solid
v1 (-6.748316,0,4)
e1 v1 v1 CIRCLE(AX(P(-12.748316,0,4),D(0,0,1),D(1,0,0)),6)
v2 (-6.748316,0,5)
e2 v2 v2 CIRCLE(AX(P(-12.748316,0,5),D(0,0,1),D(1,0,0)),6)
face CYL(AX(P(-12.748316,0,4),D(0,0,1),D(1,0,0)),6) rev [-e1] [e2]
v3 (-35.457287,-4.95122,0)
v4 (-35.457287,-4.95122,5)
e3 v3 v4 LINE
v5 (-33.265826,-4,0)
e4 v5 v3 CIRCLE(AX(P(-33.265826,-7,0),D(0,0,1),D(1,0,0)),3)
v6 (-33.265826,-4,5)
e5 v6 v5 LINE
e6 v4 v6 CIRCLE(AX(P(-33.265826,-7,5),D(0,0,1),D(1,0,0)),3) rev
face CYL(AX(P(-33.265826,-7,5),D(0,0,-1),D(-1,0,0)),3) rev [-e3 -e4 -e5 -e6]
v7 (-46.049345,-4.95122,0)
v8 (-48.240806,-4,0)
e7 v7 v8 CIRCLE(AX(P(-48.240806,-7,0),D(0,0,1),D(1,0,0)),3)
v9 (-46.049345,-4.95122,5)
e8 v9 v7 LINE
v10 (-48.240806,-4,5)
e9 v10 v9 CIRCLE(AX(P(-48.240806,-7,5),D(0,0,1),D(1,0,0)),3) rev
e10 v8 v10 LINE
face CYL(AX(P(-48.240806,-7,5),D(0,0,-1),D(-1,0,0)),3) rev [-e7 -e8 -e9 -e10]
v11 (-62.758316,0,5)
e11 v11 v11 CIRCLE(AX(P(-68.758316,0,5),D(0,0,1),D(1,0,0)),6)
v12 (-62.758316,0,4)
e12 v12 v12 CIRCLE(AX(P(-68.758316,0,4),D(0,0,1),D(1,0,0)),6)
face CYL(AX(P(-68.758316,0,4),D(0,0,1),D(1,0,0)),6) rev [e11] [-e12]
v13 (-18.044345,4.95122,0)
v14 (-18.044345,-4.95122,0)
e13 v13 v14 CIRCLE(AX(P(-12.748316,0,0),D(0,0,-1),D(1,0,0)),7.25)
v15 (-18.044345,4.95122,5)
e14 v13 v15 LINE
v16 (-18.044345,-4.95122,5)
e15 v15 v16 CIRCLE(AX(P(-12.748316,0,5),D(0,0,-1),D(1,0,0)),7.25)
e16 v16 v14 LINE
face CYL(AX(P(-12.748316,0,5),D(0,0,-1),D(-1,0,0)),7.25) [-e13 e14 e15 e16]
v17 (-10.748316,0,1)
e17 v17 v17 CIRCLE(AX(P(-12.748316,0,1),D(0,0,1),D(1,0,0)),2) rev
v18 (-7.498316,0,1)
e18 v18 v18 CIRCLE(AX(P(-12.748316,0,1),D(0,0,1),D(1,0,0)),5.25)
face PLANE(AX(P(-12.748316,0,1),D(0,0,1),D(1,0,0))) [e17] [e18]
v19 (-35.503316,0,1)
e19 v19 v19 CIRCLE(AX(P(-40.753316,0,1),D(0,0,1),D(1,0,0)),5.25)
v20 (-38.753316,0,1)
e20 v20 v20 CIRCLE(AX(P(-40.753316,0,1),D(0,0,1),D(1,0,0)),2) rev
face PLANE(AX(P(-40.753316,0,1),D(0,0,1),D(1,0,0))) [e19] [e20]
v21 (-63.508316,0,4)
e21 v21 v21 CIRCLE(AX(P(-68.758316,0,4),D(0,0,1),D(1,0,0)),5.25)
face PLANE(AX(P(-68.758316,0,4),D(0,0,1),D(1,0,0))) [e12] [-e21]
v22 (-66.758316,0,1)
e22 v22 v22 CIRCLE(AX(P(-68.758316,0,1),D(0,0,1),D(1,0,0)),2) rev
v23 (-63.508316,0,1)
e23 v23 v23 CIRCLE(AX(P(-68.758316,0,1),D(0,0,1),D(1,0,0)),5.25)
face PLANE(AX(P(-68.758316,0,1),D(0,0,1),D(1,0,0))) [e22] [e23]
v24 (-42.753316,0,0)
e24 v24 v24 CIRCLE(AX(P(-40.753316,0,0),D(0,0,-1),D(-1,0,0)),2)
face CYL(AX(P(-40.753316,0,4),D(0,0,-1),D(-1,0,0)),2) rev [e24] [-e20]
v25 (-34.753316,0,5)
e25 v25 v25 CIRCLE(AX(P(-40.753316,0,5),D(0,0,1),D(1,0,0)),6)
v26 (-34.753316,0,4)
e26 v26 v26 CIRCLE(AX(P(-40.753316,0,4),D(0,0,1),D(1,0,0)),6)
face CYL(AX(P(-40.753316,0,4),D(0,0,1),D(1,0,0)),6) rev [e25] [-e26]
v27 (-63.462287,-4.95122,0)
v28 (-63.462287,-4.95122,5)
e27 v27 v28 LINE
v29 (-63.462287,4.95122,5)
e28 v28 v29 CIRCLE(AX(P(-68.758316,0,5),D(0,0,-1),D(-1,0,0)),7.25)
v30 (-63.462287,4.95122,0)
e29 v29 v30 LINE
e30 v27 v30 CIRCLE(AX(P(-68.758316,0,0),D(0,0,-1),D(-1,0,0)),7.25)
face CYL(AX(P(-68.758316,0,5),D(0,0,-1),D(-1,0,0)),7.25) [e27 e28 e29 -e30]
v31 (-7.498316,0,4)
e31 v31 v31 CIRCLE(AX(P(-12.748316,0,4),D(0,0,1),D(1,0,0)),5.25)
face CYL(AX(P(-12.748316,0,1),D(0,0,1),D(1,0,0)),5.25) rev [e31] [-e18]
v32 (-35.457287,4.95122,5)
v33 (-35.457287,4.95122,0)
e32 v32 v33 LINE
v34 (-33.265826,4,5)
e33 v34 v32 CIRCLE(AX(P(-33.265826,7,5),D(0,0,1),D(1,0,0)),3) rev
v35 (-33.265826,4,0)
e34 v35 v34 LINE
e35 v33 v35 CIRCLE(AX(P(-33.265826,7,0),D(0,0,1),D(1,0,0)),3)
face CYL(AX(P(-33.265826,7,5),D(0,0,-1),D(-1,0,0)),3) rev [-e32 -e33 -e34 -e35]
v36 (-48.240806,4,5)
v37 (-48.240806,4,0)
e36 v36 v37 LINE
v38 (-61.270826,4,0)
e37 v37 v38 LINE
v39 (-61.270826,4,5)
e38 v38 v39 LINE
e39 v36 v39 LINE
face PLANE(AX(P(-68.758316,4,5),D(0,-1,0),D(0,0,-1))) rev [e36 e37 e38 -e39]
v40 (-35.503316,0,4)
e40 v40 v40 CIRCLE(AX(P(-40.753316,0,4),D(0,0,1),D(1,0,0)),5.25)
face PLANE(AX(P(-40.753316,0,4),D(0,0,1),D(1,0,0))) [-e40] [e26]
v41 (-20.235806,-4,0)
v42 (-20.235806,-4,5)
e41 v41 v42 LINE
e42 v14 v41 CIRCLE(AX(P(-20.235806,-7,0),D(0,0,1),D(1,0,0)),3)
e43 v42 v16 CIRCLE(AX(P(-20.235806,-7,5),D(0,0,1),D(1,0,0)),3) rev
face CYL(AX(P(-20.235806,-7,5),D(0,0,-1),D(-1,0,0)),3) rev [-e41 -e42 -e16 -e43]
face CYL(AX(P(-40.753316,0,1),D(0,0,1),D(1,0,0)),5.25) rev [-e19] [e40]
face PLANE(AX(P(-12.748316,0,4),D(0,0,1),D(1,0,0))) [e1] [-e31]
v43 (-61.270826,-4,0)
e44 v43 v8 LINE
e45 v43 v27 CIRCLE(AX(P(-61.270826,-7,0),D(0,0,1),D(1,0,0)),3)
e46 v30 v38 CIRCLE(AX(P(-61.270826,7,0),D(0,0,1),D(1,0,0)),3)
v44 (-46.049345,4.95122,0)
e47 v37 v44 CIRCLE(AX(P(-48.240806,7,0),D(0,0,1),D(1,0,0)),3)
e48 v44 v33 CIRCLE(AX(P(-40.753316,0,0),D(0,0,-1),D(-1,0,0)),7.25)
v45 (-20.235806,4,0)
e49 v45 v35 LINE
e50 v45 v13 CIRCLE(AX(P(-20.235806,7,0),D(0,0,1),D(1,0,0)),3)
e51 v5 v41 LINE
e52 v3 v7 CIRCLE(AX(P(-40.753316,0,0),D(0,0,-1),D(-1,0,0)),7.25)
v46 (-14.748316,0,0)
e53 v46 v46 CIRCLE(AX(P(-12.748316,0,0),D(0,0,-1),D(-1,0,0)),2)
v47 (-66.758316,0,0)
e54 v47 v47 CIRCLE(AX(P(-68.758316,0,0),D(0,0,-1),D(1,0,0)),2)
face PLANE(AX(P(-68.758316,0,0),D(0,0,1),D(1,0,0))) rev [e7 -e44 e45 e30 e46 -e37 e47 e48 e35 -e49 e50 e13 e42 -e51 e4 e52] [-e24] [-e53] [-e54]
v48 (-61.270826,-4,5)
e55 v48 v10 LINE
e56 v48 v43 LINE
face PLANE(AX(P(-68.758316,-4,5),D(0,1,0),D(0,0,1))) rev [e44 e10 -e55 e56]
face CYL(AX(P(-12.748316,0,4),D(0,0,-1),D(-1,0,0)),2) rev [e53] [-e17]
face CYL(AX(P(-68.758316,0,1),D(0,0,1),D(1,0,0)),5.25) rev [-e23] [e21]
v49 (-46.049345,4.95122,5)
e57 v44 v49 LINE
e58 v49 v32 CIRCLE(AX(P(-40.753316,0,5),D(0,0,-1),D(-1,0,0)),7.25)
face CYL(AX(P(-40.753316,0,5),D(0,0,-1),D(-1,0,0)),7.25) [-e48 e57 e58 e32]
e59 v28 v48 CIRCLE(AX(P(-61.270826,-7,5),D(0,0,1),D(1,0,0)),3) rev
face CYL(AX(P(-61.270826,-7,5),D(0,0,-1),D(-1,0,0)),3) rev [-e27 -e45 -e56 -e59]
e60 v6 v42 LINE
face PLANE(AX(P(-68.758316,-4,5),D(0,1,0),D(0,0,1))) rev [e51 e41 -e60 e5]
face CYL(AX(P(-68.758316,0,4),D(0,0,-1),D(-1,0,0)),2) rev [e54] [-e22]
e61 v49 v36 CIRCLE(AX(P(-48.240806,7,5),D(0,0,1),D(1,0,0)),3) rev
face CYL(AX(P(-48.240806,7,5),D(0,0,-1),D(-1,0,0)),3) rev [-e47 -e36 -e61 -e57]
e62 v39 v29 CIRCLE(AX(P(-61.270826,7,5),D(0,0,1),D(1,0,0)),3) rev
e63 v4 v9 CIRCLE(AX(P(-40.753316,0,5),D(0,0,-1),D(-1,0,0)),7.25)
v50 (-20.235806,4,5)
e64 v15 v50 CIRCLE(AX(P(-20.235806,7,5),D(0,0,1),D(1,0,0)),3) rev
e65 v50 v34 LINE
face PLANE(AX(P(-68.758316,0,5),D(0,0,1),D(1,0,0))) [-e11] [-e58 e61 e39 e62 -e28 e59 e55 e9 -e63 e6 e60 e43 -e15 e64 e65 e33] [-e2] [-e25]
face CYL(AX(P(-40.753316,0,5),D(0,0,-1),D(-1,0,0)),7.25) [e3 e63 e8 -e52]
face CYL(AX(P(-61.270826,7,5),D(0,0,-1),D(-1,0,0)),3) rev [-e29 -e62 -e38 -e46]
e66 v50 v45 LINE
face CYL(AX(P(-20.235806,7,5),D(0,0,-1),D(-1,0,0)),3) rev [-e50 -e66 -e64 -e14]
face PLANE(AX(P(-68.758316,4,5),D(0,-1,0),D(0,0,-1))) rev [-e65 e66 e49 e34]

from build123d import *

# Parameters (mm, degrees)
BOSS_EXTRUDE1_DEPTH = 5
SKETCH2_R           = 7.25
BOSS_EXTRUDE2_DEPTH = 5
SKETCH5_R           = 6
CUT_EXTRUDE2_DEPTH  = 1
SKETCH6_R           = 2
CUT_EXTRUDE3_DEPTH  = 4
FILLET1_R           = 3
SKETCH7_R           = 5.25
CUT_EXTRUDE4_DEPTH  = 3


with BuildPart() as part:
    # Sketch1 → Boss-Extrude1 (new body)
    with BuildSketch(Plane.XY):
        with BuildLine():
            Line((-68.758315939, 4), (-12.748315939, 4))
            ThreePointArc((-12.748315939, 4), (-8.748315939, 0), (-12.748315939, -4))
            Line((-12.748315939, -4), (-68.758315939, -4))
            ThreePointArc((-68.758315939, -4), (-72.758315939, 0), (-68.758315939, 4))
        make_face()
    extrude(amount=BOSS_EXTRUDE1_DEPTH)

    # Sketch2 → Boss-Extrude2 (add)
    with BuildSketch(Plane(origin=(0, 0, 0), x_dir=(-1, 0, 0), z_dir=(0, 0, -1))):
        with Locations((40.753315939, 0)):
            Circle(SKETCH2_R)
        with Locations((68.758315939, 0)):
            Circle(SKETCH2_R)
        with Locations((12.748315939, 0)):
            Circle(SKETCH2_R)
    extrude(amount=-BOSS_EXTRUDE2_DEPTH)

    # Sketch5 → Cut-Extrude2 (cut)
    with BuildSketch(Plane.XY.offset(5)):
        with Locations((-68.758315939, 0)):
            Circle(SKETCH5_R)
        with Locations((-40.753315939, 0)):
            Circle(SKETCH5_R)
        with Locations((-12.748315939, 0)):
            Circle(SKETCH5_R)
    extrude(amount=-CUT_EXTRUDE2_DEPTH, mode=Mode.SUBTRACT)

    # Sketch6 → Cut-Extrude3 (cut)
    with BuildSketch(Plane(origin=(0, 0, 0), x_dir=(-1, 0, 0), z_dir=(0, 0, -1))):
        with Locations((12.748315939, 0)):
            Circle(SKETCH6_R)
        with Locations((40.753315939, 0)):
            Circle(SKETCH6_R)
        with Locations(Location((68.758315939, 0, 0), (0, 0, 180))):
            Circle(SKETCH6_R)
    extrude(amount=-CUT_EXTRUDE3_DEPTH, mode=Mode.SUBTRACT)

    # Fillet1
    fillet1_edges = [part.edges().sort_by_distance(p)[0] for p in [
        (-34.706622628, -4, 2.5),
        (-34.706622628, 4, 2.5),
        (-46.80000925, -4, 2.5),
        (-46.80000925, 4, 2.5),
        (-62.711622628, 4, 2.5),
        (-62.711622628, -4, 2.5),
        (-18.79500925, -4, 2.5),
        (-18.79500925, 4, 2.5),
    ]]
    fillet(fillet1_edges, radius=FILLET1_R)

    # Sketch7 → Cut-Extrude4 (cut)
    with BuildSketch(Plane.XY.offset(4)):
        with Locations((-68.758315939, 0)):
            Circle(SKETCH7_R)
        with Locations((-40.753315939, 0)):
            Circle(SKETCH7_R)
        with Locations((-12.748315939, 0)):
            Circle(SKETCH7_R)
    extrude(amount=-CUT_EXTRUDE4_DEPTH, mode=Mode.SUBTRACT)


solid = part.part
